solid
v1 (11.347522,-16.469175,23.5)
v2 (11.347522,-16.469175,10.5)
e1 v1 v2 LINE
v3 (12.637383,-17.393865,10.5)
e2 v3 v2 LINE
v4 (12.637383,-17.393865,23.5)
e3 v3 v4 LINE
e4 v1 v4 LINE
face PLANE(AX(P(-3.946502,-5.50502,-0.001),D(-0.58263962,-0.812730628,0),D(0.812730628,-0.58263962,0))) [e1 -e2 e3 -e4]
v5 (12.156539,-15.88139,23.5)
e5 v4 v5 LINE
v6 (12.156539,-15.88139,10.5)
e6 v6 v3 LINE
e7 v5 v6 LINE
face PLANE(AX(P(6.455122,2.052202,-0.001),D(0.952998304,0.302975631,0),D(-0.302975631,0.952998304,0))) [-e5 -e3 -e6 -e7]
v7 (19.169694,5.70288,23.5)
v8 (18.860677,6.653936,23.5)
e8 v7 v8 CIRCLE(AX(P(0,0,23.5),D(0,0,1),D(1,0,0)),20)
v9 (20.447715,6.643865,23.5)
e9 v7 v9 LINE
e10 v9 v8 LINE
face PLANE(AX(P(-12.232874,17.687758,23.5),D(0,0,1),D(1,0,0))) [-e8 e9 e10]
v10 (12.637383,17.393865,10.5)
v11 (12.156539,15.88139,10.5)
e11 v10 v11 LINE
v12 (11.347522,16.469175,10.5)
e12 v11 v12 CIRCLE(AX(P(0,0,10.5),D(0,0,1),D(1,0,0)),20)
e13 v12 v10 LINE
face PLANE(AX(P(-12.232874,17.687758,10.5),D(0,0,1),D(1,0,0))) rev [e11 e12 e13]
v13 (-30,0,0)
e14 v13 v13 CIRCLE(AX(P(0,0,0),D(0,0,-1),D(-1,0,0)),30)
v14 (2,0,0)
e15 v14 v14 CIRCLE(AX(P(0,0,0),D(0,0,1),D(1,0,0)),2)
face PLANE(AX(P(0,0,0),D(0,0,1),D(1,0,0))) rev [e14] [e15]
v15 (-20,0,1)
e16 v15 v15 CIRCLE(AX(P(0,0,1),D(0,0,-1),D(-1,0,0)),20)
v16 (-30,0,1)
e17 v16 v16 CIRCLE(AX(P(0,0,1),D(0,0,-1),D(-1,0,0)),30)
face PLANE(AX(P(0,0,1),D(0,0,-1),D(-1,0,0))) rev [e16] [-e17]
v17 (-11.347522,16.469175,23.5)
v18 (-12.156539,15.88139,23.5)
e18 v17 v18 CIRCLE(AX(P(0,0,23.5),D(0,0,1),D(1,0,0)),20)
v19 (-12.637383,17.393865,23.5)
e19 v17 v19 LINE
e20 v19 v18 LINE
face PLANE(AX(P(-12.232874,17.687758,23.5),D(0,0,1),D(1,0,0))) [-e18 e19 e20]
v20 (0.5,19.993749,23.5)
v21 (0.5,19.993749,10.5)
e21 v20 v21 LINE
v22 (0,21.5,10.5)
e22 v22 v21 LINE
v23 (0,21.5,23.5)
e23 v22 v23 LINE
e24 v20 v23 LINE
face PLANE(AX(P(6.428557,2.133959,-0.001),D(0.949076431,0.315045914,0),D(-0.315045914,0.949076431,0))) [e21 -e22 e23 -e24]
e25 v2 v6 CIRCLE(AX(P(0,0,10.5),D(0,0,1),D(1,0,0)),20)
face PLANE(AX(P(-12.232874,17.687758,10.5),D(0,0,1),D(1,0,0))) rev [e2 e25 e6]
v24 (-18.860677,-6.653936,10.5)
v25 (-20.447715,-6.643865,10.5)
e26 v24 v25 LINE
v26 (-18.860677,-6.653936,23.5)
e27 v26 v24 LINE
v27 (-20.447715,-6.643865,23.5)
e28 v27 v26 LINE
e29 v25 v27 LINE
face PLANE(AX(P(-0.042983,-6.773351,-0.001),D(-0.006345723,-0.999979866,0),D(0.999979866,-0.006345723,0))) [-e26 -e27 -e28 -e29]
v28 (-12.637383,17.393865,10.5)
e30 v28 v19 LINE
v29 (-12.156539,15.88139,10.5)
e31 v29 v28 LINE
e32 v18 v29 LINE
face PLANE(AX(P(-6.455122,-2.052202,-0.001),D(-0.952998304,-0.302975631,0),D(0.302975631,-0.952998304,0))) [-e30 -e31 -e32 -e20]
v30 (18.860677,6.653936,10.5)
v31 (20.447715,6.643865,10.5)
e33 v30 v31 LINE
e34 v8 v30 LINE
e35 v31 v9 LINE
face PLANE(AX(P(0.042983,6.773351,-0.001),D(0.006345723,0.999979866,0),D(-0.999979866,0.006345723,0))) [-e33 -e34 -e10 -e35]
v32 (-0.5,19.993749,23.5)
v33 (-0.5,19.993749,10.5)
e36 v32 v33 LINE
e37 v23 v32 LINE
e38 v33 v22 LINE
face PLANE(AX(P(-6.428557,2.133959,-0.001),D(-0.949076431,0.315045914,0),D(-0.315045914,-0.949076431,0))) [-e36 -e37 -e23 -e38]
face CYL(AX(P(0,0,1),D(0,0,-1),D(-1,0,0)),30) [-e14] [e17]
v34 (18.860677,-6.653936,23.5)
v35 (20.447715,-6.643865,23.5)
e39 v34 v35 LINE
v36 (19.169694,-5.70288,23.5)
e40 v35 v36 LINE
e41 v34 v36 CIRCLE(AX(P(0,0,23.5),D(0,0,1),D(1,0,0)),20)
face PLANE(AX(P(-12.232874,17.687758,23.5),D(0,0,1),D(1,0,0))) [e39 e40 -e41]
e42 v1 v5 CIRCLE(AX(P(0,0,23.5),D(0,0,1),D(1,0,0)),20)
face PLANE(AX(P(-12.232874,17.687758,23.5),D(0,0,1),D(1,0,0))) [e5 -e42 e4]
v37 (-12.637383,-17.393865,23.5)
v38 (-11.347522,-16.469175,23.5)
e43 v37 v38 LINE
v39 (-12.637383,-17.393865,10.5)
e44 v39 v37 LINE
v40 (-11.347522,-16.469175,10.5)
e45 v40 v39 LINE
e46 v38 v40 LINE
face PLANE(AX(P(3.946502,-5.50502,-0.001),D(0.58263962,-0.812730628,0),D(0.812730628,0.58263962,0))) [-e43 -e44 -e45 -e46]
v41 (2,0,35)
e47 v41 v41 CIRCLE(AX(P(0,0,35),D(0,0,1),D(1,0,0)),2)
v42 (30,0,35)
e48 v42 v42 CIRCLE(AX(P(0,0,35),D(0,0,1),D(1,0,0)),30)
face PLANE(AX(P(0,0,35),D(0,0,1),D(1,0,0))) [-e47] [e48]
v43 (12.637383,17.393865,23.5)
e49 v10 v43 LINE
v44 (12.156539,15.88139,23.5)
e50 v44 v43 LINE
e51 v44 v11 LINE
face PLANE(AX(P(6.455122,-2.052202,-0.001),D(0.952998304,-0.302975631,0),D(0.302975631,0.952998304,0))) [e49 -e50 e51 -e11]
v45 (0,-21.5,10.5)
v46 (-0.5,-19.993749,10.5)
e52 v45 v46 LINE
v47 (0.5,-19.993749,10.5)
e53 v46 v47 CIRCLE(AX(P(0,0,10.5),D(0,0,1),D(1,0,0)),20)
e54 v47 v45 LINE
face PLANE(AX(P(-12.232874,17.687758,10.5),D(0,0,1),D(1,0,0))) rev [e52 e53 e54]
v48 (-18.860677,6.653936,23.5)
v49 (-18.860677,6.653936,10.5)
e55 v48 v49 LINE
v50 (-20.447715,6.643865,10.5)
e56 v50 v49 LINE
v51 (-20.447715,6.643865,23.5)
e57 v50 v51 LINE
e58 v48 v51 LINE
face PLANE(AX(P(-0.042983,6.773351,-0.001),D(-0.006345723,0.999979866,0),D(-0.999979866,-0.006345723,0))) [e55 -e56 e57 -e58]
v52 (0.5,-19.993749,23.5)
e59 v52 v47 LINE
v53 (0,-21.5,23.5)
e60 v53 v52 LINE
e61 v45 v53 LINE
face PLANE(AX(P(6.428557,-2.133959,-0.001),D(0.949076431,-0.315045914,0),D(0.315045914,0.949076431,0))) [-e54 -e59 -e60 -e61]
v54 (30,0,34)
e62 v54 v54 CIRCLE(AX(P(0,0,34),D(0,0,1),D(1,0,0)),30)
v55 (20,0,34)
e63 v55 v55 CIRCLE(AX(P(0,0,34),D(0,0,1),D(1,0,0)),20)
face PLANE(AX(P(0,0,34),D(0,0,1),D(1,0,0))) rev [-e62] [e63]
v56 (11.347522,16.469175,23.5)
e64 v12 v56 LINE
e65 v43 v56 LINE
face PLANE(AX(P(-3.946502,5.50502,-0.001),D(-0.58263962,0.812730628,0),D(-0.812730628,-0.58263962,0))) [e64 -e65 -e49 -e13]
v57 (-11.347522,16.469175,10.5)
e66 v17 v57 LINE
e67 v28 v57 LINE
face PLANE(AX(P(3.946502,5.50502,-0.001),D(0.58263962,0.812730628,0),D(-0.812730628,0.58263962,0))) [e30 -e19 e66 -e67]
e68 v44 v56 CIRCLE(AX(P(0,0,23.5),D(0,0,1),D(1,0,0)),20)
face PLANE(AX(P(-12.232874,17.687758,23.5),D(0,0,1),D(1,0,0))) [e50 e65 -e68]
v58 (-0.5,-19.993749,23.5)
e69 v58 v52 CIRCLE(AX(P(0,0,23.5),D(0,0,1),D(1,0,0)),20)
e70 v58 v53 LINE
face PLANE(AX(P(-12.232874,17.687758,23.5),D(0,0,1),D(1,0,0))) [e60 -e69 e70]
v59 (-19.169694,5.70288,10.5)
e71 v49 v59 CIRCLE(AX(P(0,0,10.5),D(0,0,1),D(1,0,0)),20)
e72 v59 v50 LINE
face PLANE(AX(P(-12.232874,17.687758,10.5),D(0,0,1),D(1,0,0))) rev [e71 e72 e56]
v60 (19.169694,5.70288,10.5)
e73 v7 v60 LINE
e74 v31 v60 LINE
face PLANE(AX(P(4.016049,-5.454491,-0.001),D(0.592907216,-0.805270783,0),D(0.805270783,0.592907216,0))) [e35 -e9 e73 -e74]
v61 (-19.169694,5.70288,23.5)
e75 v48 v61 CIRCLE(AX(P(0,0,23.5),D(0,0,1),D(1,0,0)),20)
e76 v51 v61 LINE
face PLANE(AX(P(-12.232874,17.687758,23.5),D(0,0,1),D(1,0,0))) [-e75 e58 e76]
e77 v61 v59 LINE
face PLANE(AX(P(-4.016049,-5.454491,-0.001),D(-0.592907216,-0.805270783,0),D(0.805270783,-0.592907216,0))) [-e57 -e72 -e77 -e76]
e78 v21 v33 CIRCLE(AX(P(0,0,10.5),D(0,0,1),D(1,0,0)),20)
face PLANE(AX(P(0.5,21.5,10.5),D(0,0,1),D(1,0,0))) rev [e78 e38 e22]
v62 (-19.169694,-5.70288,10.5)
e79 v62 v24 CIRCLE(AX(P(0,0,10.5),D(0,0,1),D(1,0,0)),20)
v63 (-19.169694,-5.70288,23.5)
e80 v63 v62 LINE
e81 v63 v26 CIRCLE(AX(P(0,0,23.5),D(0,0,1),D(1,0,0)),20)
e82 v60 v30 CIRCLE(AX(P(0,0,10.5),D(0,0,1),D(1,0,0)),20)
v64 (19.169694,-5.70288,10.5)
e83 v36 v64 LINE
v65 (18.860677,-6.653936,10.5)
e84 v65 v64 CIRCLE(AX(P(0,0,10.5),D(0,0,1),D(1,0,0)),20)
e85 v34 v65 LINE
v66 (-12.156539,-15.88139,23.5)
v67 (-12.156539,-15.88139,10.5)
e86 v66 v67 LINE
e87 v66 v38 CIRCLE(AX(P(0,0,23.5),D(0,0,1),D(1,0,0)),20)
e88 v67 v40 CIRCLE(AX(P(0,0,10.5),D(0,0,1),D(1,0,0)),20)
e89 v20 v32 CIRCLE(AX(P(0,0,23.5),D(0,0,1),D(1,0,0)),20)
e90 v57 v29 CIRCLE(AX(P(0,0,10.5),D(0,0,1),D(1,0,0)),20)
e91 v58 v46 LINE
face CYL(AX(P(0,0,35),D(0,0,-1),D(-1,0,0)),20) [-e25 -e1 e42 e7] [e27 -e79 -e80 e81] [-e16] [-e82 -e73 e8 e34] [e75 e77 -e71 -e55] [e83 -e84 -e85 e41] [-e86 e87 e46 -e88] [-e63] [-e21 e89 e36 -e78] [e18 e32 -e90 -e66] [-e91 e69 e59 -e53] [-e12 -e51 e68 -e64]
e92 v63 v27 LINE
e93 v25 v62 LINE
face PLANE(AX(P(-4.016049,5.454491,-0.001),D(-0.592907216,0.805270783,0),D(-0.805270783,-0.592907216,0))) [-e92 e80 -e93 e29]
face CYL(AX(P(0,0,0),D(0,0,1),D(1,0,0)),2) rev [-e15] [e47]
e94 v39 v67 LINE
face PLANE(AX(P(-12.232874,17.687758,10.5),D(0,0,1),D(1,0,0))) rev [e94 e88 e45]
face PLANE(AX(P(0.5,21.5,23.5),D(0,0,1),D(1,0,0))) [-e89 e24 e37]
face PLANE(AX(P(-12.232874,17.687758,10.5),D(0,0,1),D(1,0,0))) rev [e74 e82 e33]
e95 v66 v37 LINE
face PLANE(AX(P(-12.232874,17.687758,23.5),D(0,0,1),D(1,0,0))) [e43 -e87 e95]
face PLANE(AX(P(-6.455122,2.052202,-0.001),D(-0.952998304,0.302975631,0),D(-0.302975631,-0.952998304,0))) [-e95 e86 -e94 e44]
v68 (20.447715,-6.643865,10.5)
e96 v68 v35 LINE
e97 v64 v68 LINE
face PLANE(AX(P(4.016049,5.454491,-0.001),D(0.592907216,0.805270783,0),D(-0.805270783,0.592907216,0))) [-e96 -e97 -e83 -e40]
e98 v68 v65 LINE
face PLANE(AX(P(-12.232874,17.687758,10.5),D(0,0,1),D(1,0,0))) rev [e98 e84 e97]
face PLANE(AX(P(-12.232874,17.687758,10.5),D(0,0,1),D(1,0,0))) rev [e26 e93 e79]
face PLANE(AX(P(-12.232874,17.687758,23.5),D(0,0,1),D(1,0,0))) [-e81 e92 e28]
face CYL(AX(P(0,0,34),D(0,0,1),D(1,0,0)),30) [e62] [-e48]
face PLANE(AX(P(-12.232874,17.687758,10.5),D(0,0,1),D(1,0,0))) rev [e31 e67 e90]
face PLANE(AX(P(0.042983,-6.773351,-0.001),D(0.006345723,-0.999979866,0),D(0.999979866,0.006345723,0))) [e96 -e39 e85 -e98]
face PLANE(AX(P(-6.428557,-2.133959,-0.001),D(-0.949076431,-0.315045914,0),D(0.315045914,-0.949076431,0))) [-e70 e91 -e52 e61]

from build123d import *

# Parameters (mm, degrees)
SKETCH_1_R               = 20
EXTRUDE_1_DEPTH          = 35
SKETCH_3_R               = 30
EXTRUDE_2_DEPTH          = 1
EXTRUDE_START            = -1
SKETCH_4_R               = 30
EXTRUDE_3_DEPTH          = 1
CUT_EXTRUDE_2_DEPTH      = 56
CUT_EXTRUDE_2_DEPTH_BACK = 56
SKETCH_5_W               = 1
SKETCH_5_H               = 13
EXTRUDE_4_DEPTH          = 21.5
CUT_EXTRUDE_3_REACH      = 50.5
PATTERN_CIRCULAR_2_COUNT = 10
CUT_EXTRUDE_5_DEPTH      = 56
CUT_EXTRUDE_5_DEPTH_BACK = 56
SKETCH_9_R               = 5
EXTRUDE_5_DEPTH          = 35
SKETCH_10_R              = 2
CUT_EXTRUDE_6_DEPTH      = 56


with BuildPart() as part:
    # Эскиз1 → Бобышка-Вытянуть1 (new body)
    with BuildSketch(Plane.XY):
        Circle(SKETCH_1_R)
    extrude(amount=EXTRUDE_1_DEPTH)

    # Эскиз3 → Бобышка-Вытянуть2 (add)
    with BuildSketch(Plane.XY.offset(35)):
        Circle(SKETCH_3_R)
    extrude(amount=-EXTRUDE_2_DEPTH)

    # Эскиз4 → Бобышка-Вытянуть3 (add)
    with BuildSketch(Plane(origin=(0, 0, 0), x_dir=(-1, 0, 0), z_dir=(0, 0, -1)).offset(EXTRUDE_START)):
        with Locations(Location((0, 0, 0), (0, 0, 180))):
            Circle(SKETCH_4_R)
    extrude(amount=EXTRUDE_3_DEPTH)

    # Эскиз2 → Вырез-Вытянуть2 (cut, two sides: drawn at the far end of the back side and taken through both)
    with BuildSketch(Plane.XY.offset(35).offset(-CUT_EXTRUDE_2_DEPTH_BACK)):
        with BuildLine():
            Line((-1.944865034, 1.8), (1.944865034, 1.8))
            ThreePointArc((1.944865034, 1.8), (2.65, 0), (1.944865034, -1.8))
            Line((1.944865034, -1.8), (-1.944865034, -1.8))
            ThreePointArc((-1.944865034, -1.8), (-2.65, 0), (-1.944865034, 1.8))
        make_face()
    extrude(amount=CUT_EXTRUDE_2_DEPTH + CUT_EXTRUDE_2_DEPTH_BACK, mode=Mode.SUBTRACT)

    # Эскиз5 → Бобышка-Вытянуть4 (add)
    with BuildSketch(Plane(origin=(0, 0, 0), x_dir=(1, 0, 0), z_dir=(0, 1, 0))):
        with Locations((0, -17)):
            Rectangle(SKETCH_5_W, SKETCH_5_H)
    extrude_4 = extrude(amount=EXTRUDE_4_DEPTH)

    # Эскиз6 → Вырез-Вытянуть3 (cut, up to next)
    with BuildSketch(Plane.XY.offset(23.5), mode=Mode.PRIVATE) as cut_extrude_3_sk1:
        Polygon((-0.5, 19.993749023), (0, 21.5), (-0.5, 21.5), align=None)
    cut_extrude_3_tool1 = extrude(cut_extrude_3_sk1.sketch, amount=-CUT_EXTRUDE_3_REACH, mode=Mode.PRIVATE) & part.part
    # Эскиз6 → Вырез-Вытянуть3 (cut, up to next)
    with BuildSketch(Plane.XY.offset(23.5), mode=Mode.PRIVATE) as cut_extrude_3_sk2:
        Polygon((0.5, 21.5), (0, 21.5), (0.5, 19.993749023), align=None)
    cut_extrude_3_tool2 = extrude(cut_extrude_3_sk2.sketch, amount=-CUT_EXTRUDE_3_REACH, mode=Mode.PRIVATE) & part.part
    cut_extrude_3_1 = cut_extrude_3_tool1.solids().sort_by_distance((-0.333333, 20.997916, 23.5))[0]
    add(cut_extrude_3_1, mode=Mode.SUBTRACT)
    cut_extrude_3_2 = cut_extrude_3_tool2.solids().sort_by_distance((0.333333, 20.997916, 23.5))[0]
    add(cut_extrude_3_2, mode=Mode.SUBTRACT)
    cut_extrude_3 = cut_extrude_3_1 + cut_extrude_3_2  # Вырез-Вытянуть3 as one shape, for the pattern or mirror that repeats it

    # Круговой массив2: Бобышка-Вытянуть4, Вырез-Вытянуть3 ×10 about axis
    pattern_circular_2_axis = Axis((0, 0, 0), (0, 0, 1))
    add([extrude_4.rotate(pattern_circular_2_axis, i * 360 / PATTERN_CIRCULAR_2_COUNT) for i in range(1, PATTERN_CIRCULAR_2_COUNT)])
    add([cut_extrude_3.rotate(pattern_circular_2_axis, i * 360 / PATTERN_CIRCULAR_2_COUNT) for i in range(1, PATTERN_CIRCULAR_2_COUNT)], mode=Mode.SUBTRACT)

    # Эскиз8 → Вырез-Вытянуть5 (cut, two sides: drawn at the far end of the back side and taken through both)
    with BuildSketch(Plane.XY.offset(35).offset(-CUT_EXTRUDE_5_DEPTH_BACK)):
        with BuildLine():
            ThreePointArc((-1.944865034, -1.8), (-2.65, 0), (-1.944865034, 1.8))
            Line((-1.944865034, 1.8), (1.944865034, 1.8))
            ThreePointArc((1.944865034, 1.8), (2.65, 0), (1.944865034, -1.8))
            Line((1.944865034, -1.8), (-1.944865034, -1.8))
        make_face()
    extrude(amount=CUT_EXTRUDE_5_DEPTH + CUT_EXTRUDE_5_DEPTH_BACK, mode=Mode.SUBTRACT)

    # Эскиз9 → Бобышка-Вытянуть5 (add, through all)
    with BuildSketch(Plane.XY.offset(35)):
        Circle(SKETCH_9_R)
    extrude(amount=-EXTRUDE_5_DEPTH)

    # Эскиз10 → Вырез-Вытянуть6 (cut, through all)
    with BuildSketch(Plane.XY.offset(35)):
        Circle(SKETCH_10_R)
    extrude(amount=-CUT_EXTRUDE_6_DEPTH, mode=Mode.SUBTRACT)


solid = part.part
